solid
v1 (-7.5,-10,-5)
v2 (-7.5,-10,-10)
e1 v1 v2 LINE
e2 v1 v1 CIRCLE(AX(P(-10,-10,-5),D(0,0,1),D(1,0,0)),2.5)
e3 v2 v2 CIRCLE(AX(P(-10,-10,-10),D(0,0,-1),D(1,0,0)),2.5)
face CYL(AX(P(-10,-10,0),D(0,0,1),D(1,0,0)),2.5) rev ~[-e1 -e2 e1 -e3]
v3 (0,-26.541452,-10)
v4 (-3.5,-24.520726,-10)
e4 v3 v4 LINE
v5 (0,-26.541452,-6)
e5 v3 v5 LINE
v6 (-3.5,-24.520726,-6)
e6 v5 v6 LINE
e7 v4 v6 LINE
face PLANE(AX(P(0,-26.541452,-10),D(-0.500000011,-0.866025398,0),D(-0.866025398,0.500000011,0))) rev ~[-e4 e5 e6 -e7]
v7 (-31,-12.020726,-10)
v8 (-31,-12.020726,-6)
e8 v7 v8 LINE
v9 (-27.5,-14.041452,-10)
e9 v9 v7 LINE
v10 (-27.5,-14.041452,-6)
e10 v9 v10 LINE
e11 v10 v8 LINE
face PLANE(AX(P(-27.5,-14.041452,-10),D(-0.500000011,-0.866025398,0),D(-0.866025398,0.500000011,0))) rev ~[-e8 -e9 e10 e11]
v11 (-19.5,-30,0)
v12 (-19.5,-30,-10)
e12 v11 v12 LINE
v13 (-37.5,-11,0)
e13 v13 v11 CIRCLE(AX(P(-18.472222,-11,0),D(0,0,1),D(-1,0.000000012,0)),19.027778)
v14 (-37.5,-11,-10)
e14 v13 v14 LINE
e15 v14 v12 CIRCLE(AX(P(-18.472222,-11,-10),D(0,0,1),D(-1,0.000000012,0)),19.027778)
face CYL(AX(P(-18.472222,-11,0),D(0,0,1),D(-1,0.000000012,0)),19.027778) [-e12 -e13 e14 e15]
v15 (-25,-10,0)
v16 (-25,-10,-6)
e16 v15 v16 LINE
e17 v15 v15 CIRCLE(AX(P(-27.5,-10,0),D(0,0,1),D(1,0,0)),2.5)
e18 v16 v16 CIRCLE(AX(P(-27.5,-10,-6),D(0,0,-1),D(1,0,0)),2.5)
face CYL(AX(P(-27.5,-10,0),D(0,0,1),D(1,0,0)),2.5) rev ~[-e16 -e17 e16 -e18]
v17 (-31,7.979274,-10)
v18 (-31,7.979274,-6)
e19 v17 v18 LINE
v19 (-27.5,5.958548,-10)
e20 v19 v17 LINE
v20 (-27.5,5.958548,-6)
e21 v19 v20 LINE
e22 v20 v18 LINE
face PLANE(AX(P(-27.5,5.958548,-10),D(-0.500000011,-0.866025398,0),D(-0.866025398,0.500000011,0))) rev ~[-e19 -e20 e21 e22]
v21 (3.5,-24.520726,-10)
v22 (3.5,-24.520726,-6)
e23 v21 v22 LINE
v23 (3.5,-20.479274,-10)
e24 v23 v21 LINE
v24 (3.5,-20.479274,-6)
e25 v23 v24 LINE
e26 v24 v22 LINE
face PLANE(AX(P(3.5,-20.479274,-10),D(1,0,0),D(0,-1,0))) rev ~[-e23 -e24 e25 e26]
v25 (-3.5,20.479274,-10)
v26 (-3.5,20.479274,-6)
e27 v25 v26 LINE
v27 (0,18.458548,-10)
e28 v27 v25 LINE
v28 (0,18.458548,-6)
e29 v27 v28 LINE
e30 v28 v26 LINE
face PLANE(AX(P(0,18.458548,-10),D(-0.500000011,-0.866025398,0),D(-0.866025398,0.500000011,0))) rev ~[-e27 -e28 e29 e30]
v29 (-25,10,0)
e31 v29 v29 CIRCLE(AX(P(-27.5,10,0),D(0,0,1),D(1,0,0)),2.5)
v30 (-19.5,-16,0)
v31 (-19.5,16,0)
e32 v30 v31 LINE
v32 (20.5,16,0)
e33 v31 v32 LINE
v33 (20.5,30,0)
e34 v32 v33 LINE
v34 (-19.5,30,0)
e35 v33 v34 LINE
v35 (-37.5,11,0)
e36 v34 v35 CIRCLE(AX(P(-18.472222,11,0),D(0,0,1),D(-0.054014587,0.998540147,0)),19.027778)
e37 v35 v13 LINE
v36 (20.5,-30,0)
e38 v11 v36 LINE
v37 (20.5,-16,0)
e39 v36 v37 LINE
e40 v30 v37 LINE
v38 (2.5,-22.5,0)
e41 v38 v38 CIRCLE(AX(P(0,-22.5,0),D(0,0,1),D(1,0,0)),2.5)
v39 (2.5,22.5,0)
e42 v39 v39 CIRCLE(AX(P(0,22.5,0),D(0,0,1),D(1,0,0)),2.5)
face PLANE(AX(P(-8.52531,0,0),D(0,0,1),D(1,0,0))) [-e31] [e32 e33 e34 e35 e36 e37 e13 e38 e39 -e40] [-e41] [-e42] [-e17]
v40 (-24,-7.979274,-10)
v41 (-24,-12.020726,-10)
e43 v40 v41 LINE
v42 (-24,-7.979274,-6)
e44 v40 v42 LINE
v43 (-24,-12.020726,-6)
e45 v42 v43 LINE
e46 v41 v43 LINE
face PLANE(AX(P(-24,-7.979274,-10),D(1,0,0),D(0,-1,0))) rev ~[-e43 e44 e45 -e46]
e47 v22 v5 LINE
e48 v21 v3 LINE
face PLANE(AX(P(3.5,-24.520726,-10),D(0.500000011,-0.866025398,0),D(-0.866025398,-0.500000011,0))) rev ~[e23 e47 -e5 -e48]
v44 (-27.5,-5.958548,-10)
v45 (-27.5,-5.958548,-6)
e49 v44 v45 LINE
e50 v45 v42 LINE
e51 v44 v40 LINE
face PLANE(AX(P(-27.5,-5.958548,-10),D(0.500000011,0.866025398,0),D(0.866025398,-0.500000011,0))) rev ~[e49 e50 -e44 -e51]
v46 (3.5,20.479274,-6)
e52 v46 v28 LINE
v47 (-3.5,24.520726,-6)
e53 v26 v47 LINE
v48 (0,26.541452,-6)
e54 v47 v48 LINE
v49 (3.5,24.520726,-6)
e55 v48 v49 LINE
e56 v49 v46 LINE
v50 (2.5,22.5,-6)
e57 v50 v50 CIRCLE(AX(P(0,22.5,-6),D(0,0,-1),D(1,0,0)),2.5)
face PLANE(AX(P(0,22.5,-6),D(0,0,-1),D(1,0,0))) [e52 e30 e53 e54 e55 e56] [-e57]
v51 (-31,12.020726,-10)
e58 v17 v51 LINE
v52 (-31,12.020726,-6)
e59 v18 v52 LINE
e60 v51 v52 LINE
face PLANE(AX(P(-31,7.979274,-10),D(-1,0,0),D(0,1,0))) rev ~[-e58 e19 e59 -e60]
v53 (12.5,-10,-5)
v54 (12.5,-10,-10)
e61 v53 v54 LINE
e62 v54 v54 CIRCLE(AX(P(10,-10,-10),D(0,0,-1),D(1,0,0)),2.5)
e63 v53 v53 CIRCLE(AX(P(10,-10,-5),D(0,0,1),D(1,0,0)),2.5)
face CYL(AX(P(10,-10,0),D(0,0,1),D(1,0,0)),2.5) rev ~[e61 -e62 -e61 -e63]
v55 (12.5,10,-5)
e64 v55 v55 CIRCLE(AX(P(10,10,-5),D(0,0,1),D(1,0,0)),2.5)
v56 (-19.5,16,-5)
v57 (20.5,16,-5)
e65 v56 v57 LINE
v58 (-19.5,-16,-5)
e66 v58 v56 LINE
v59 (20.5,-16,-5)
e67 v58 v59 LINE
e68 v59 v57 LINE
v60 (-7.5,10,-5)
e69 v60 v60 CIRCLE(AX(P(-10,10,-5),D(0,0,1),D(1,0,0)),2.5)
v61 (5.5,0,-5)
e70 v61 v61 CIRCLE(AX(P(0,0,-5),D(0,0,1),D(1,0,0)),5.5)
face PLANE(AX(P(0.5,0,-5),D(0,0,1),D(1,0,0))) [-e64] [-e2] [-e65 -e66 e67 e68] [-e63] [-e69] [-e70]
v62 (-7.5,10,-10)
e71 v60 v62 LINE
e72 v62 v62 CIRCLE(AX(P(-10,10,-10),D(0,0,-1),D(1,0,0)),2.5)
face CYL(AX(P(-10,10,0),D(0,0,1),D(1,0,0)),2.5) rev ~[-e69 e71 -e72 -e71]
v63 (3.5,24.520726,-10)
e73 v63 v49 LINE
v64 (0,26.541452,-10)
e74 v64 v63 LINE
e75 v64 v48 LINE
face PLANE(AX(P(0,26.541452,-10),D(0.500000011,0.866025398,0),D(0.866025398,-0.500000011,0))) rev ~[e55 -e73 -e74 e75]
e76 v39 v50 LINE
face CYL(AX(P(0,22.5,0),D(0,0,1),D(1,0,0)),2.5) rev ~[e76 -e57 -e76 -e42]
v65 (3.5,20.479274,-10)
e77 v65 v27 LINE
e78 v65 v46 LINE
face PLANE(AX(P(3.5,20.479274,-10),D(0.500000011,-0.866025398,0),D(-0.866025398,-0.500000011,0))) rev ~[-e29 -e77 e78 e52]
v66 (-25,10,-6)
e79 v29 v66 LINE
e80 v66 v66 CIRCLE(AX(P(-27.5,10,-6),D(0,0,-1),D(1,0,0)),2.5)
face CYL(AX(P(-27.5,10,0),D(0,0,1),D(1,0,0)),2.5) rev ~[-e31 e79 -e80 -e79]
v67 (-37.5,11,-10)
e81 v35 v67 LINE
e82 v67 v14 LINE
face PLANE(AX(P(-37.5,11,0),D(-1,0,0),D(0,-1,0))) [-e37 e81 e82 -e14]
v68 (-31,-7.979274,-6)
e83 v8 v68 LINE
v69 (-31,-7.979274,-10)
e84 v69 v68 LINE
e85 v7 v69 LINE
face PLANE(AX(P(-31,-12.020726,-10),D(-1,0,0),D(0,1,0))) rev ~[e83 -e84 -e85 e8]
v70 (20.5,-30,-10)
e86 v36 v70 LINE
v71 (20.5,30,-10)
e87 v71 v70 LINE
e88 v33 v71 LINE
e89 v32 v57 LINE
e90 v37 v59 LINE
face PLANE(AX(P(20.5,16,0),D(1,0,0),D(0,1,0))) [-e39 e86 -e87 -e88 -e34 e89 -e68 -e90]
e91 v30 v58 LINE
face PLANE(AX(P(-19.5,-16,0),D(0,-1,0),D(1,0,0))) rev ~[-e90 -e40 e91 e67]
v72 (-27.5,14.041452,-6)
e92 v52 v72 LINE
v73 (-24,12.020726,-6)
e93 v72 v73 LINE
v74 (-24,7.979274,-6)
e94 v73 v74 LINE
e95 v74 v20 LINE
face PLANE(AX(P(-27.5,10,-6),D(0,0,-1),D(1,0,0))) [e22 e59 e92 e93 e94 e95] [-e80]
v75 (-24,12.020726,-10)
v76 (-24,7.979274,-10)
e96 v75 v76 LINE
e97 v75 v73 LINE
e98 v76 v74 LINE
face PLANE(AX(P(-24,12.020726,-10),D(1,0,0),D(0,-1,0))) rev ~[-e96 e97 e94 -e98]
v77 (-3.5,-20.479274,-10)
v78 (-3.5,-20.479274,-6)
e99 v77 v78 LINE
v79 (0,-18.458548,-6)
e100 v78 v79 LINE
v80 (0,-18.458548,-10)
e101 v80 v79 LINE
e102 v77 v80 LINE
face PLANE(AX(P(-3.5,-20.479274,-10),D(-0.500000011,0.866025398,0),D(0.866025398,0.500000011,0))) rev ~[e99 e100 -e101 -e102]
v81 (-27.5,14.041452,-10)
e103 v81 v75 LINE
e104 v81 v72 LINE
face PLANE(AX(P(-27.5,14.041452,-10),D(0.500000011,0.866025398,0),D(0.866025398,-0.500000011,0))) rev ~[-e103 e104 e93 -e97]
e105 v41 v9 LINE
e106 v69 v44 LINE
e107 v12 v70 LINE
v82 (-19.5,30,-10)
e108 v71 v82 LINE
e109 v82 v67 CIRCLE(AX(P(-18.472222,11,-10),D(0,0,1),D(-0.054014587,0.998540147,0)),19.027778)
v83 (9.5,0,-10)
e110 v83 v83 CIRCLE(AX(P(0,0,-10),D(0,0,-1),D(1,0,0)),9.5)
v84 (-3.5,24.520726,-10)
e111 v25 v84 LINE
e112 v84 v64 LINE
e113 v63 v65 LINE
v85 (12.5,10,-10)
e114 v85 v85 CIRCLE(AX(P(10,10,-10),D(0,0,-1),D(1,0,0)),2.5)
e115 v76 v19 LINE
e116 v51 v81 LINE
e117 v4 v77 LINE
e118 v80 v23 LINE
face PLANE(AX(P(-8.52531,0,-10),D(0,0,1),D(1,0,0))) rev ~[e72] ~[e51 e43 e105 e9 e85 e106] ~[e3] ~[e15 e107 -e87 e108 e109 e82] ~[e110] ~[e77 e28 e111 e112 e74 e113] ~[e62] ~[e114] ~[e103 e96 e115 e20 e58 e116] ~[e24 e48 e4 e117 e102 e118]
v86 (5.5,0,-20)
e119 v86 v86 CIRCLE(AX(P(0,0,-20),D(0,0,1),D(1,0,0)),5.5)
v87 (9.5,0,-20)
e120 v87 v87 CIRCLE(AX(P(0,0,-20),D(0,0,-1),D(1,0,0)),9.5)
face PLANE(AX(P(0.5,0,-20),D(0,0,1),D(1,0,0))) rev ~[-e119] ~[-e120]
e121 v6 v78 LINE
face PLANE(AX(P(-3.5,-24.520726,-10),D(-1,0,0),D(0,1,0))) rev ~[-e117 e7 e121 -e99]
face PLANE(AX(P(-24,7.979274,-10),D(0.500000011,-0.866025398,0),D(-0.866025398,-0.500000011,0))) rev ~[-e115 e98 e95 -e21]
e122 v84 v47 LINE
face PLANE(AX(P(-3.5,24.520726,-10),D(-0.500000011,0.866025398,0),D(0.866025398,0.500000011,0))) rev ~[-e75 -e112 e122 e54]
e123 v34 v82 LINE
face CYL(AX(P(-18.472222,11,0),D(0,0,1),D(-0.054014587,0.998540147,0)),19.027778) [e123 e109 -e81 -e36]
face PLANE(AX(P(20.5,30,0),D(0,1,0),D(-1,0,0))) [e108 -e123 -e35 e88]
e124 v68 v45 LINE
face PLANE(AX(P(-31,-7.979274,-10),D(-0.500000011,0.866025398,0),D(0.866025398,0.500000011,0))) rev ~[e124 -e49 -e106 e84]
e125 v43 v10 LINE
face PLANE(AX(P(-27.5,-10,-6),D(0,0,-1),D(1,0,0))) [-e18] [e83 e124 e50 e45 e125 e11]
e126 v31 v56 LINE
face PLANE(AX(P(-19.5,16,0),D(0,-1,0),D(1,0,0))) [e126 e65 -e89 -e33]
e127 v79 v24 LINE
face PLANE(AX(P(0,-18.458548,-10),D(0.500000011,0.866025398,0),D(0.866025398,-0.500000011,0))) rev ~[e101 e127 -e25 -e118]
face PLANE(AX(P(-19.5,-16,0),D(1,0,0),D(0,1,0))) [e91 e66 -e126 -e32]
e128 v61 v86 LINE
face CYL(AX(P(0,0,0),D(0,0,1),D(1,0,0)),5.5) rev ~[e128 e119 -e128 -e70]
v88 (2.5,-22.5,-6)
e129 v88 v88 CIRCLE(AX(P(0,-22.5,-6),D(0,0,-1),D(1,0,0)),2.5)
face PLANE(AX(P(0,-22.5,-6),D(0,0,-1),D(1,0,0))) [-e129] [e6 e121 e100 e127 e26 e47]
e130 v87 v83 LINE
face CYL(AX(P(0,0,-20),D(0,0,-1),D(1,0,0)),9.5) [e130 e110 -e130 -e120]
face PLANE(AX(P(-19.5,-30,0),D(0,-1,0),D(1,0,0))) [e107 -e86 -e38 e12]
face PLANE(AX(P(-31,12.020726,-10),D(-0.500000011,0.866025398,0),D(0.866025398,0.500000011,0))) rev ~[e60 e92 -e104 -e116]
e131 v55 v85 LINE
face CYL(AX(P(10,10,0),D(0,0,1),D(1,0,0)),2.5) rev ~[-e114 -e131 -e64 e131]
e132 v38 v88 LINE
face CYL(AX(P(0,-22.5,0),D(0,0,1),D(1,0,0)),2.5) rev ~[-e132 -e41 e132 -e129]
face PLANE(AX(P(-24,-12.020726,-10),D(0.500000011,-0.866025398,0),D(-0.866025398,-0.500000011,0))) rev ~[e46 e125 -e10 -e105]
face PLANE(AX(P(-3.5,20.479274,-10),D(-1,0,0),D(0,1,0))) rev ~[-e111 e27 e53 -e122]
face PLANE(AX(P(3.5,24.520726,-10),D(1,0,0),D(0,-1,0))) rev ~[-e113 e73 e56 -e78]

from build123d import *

# Parameters (mm, degrees)
F0_W     = 40
F0_H     = 32
F0_R     = 2.5
F0_R_2   = 5.5
F1_DEPTH = 20
F2_DEPTH = 10
F3_R     = 2.5
F4_DEPTH = 4
F5_W     = 40
F5_H     = 32
F5_R     = 2.5
F5_R_2   = 9.5
F6_DEPTH = 10
F7_DEPTH = 5


with BuildPart() as f1:
    # F0 (on Top) → F1 (new body)
    with BuildSketch(Plane.XY):
        with Locations((0.5, 0)):
            Rectangle(F0_W, F0_H)
        with Locations((-10, -10)):
            Circle(F0_R, mode=Mode.SUBTRACT)
        with Locations((10, -10)):
            Circle(F0_R, mode=Mode.SUBTRACT)
        with Locations((-10, 10)):
            Circle(F0_R, mode=Mode.SUBTRACT)
        Circle(F0_R_2, mode=Mode.SUBTRACT)
        with Locations((10, 10)):
            Circle(F0_R, mode=Mode.SUBTRACT)
    extrude(amount=-F1_DEPTH)

    # F0 (on Top) → F2 (join)
    with BuildSketch(Plane.XY):
        with BuildLine():
            ThreePointArc((-19.5, 30), (-32.285489, 24.086252), (-37.5, 11))
            Line((-37.5, 11), (-37.5, -11))
            ThreePointArc((-37.5, -11), (-32.285489, -24.086252), (-19.5, -30))
            Line((-19.5, -30), (20.5, -30))
            Line((20.5, -30), (20.5, -16))
            Line((20.5, -16), (-19.5, -16))
            Line((-19.5, -16), (-19.5, 16))
            Line((-19.5, 16), (20.5, 16))
            Line((20.5, 16), (20.5, 30))
            Line((20.5, 30), (-19.5, 30))
        make_face()
        with Locations((-27.5, -10)):
            Circle(F0_R, mode=Mode.SUBTRACT)
        with Locations((0, -22.5)):
            Circle(F0_R, mode=Mode.SUBTRACT)
        with Locations((-27.5, 10)):
            Circle(F0_R, mode=Mode.SUBTRACT)
        with Locations((0, 22.5)):
            Circle(F0_R, mode=Mode.SUBTRACT)
    extrude(amount=-F2_DEPTH)

    # F3 (on face) → F4 (cut)
    with BuildSketch(Plane(origin=(0, 0, -10), x_dir=(1, 0, 0), z_dir=(0, 0, -1))):
        Polygon((3.5, 20.479274), (3.5, 24.520726), (0, 26.541452), (-3.5, 24.520726), (-3.5, 20.479274), (0, 18.458548), align=None)
        with Locations((0, 22.5)):
            Circle(F3_R, mode=Mode.SUBTRACT)
        Polygon((-24, 7.979274), (-24, 12.020726), (-27.5, 14.041452), (-31, 12.020726), (-31, 7.979274), (-27.5, 5.958548), align=None)
        with Locations((-27.5, 10)):
            Circle(F3_R, mode=Mode.SUBTRACT)
        Polygon((3.5, -24.520726), (3.5, -20.479274), (0, -18.458548), (-3.5, -20.479274), (-3.5, -24.520726), (0, -26.541452), align=None)
        with Locations((0, -22.5)):
            Circle(F3_R, mode=Mode.SUBTRACT)
        Polygon((-24, -12.020726), (-24, -7.979274), (-27.5, -5.958548), (-31, -7.979274), (-31, -12.020726), (-27.5, -14.041452), align=None)
        with Locations((-27.5, -10)):
            Circle(F3_R, mode=Mode.SUBTRACT)
    extrude(amount=-F4_DEPTH, mode=Mode.SUBTRACT)

    # F5 (on face) → F6 (cut)
    with BuildSketch(Plane(origin=(0, 0, -20), x_dir=(1, 0, 0), z_dir=(0, 0, -1))):
        with Locations((0.5, 0)):
            Rectangle(F5_W, F5_H)
        with Locations((-10, -10)):
            Circle(F5_R, mode=Mode.SUBTRACT)
        with Locations((10, -10)):
            Circle(F5_R, mode=Mode.SUBTRACT)
        Circle(F5_R_2, mode=Mode.SUBTRACT)
        with Locations((-10, 10)):
            Circle(F5_R, mode=Mode.SUBTRACT)
        with Locations((10, 10)):
            Circle(F5_R, mode=Mode.SUBTRACT)
    extrude(amount=-F6_DEPTH, mode=Mode.SUBTRACT)

    # F0 (on Top) → F7 (cut)
    with BuildSketch(Plane.XY):
        with Locations((0.5, 0)):
            Rectangle(F0_W, F0_H)
        with Locations((-10, -10)):
            Circle(F0_R, mode=Mode.SUBTRACT)
        with Locations((10, -10)):
            Circle(F0_R, mode=Mode.SUBTRACT)
        with Locations((-10, 10)):
            Circle(F0_R, mode=Mode.SUBTRACT)
        Circle(F0_R_2, mode=Mode.SUBTRACT)
        with Locations((10, 10)):
            Circle(F0_R, mode=Mode.SUBTRACT)
    extrude(amount=-F7_DEPTH, mode=Mode.SUBTRACT)


solid = f1.part
